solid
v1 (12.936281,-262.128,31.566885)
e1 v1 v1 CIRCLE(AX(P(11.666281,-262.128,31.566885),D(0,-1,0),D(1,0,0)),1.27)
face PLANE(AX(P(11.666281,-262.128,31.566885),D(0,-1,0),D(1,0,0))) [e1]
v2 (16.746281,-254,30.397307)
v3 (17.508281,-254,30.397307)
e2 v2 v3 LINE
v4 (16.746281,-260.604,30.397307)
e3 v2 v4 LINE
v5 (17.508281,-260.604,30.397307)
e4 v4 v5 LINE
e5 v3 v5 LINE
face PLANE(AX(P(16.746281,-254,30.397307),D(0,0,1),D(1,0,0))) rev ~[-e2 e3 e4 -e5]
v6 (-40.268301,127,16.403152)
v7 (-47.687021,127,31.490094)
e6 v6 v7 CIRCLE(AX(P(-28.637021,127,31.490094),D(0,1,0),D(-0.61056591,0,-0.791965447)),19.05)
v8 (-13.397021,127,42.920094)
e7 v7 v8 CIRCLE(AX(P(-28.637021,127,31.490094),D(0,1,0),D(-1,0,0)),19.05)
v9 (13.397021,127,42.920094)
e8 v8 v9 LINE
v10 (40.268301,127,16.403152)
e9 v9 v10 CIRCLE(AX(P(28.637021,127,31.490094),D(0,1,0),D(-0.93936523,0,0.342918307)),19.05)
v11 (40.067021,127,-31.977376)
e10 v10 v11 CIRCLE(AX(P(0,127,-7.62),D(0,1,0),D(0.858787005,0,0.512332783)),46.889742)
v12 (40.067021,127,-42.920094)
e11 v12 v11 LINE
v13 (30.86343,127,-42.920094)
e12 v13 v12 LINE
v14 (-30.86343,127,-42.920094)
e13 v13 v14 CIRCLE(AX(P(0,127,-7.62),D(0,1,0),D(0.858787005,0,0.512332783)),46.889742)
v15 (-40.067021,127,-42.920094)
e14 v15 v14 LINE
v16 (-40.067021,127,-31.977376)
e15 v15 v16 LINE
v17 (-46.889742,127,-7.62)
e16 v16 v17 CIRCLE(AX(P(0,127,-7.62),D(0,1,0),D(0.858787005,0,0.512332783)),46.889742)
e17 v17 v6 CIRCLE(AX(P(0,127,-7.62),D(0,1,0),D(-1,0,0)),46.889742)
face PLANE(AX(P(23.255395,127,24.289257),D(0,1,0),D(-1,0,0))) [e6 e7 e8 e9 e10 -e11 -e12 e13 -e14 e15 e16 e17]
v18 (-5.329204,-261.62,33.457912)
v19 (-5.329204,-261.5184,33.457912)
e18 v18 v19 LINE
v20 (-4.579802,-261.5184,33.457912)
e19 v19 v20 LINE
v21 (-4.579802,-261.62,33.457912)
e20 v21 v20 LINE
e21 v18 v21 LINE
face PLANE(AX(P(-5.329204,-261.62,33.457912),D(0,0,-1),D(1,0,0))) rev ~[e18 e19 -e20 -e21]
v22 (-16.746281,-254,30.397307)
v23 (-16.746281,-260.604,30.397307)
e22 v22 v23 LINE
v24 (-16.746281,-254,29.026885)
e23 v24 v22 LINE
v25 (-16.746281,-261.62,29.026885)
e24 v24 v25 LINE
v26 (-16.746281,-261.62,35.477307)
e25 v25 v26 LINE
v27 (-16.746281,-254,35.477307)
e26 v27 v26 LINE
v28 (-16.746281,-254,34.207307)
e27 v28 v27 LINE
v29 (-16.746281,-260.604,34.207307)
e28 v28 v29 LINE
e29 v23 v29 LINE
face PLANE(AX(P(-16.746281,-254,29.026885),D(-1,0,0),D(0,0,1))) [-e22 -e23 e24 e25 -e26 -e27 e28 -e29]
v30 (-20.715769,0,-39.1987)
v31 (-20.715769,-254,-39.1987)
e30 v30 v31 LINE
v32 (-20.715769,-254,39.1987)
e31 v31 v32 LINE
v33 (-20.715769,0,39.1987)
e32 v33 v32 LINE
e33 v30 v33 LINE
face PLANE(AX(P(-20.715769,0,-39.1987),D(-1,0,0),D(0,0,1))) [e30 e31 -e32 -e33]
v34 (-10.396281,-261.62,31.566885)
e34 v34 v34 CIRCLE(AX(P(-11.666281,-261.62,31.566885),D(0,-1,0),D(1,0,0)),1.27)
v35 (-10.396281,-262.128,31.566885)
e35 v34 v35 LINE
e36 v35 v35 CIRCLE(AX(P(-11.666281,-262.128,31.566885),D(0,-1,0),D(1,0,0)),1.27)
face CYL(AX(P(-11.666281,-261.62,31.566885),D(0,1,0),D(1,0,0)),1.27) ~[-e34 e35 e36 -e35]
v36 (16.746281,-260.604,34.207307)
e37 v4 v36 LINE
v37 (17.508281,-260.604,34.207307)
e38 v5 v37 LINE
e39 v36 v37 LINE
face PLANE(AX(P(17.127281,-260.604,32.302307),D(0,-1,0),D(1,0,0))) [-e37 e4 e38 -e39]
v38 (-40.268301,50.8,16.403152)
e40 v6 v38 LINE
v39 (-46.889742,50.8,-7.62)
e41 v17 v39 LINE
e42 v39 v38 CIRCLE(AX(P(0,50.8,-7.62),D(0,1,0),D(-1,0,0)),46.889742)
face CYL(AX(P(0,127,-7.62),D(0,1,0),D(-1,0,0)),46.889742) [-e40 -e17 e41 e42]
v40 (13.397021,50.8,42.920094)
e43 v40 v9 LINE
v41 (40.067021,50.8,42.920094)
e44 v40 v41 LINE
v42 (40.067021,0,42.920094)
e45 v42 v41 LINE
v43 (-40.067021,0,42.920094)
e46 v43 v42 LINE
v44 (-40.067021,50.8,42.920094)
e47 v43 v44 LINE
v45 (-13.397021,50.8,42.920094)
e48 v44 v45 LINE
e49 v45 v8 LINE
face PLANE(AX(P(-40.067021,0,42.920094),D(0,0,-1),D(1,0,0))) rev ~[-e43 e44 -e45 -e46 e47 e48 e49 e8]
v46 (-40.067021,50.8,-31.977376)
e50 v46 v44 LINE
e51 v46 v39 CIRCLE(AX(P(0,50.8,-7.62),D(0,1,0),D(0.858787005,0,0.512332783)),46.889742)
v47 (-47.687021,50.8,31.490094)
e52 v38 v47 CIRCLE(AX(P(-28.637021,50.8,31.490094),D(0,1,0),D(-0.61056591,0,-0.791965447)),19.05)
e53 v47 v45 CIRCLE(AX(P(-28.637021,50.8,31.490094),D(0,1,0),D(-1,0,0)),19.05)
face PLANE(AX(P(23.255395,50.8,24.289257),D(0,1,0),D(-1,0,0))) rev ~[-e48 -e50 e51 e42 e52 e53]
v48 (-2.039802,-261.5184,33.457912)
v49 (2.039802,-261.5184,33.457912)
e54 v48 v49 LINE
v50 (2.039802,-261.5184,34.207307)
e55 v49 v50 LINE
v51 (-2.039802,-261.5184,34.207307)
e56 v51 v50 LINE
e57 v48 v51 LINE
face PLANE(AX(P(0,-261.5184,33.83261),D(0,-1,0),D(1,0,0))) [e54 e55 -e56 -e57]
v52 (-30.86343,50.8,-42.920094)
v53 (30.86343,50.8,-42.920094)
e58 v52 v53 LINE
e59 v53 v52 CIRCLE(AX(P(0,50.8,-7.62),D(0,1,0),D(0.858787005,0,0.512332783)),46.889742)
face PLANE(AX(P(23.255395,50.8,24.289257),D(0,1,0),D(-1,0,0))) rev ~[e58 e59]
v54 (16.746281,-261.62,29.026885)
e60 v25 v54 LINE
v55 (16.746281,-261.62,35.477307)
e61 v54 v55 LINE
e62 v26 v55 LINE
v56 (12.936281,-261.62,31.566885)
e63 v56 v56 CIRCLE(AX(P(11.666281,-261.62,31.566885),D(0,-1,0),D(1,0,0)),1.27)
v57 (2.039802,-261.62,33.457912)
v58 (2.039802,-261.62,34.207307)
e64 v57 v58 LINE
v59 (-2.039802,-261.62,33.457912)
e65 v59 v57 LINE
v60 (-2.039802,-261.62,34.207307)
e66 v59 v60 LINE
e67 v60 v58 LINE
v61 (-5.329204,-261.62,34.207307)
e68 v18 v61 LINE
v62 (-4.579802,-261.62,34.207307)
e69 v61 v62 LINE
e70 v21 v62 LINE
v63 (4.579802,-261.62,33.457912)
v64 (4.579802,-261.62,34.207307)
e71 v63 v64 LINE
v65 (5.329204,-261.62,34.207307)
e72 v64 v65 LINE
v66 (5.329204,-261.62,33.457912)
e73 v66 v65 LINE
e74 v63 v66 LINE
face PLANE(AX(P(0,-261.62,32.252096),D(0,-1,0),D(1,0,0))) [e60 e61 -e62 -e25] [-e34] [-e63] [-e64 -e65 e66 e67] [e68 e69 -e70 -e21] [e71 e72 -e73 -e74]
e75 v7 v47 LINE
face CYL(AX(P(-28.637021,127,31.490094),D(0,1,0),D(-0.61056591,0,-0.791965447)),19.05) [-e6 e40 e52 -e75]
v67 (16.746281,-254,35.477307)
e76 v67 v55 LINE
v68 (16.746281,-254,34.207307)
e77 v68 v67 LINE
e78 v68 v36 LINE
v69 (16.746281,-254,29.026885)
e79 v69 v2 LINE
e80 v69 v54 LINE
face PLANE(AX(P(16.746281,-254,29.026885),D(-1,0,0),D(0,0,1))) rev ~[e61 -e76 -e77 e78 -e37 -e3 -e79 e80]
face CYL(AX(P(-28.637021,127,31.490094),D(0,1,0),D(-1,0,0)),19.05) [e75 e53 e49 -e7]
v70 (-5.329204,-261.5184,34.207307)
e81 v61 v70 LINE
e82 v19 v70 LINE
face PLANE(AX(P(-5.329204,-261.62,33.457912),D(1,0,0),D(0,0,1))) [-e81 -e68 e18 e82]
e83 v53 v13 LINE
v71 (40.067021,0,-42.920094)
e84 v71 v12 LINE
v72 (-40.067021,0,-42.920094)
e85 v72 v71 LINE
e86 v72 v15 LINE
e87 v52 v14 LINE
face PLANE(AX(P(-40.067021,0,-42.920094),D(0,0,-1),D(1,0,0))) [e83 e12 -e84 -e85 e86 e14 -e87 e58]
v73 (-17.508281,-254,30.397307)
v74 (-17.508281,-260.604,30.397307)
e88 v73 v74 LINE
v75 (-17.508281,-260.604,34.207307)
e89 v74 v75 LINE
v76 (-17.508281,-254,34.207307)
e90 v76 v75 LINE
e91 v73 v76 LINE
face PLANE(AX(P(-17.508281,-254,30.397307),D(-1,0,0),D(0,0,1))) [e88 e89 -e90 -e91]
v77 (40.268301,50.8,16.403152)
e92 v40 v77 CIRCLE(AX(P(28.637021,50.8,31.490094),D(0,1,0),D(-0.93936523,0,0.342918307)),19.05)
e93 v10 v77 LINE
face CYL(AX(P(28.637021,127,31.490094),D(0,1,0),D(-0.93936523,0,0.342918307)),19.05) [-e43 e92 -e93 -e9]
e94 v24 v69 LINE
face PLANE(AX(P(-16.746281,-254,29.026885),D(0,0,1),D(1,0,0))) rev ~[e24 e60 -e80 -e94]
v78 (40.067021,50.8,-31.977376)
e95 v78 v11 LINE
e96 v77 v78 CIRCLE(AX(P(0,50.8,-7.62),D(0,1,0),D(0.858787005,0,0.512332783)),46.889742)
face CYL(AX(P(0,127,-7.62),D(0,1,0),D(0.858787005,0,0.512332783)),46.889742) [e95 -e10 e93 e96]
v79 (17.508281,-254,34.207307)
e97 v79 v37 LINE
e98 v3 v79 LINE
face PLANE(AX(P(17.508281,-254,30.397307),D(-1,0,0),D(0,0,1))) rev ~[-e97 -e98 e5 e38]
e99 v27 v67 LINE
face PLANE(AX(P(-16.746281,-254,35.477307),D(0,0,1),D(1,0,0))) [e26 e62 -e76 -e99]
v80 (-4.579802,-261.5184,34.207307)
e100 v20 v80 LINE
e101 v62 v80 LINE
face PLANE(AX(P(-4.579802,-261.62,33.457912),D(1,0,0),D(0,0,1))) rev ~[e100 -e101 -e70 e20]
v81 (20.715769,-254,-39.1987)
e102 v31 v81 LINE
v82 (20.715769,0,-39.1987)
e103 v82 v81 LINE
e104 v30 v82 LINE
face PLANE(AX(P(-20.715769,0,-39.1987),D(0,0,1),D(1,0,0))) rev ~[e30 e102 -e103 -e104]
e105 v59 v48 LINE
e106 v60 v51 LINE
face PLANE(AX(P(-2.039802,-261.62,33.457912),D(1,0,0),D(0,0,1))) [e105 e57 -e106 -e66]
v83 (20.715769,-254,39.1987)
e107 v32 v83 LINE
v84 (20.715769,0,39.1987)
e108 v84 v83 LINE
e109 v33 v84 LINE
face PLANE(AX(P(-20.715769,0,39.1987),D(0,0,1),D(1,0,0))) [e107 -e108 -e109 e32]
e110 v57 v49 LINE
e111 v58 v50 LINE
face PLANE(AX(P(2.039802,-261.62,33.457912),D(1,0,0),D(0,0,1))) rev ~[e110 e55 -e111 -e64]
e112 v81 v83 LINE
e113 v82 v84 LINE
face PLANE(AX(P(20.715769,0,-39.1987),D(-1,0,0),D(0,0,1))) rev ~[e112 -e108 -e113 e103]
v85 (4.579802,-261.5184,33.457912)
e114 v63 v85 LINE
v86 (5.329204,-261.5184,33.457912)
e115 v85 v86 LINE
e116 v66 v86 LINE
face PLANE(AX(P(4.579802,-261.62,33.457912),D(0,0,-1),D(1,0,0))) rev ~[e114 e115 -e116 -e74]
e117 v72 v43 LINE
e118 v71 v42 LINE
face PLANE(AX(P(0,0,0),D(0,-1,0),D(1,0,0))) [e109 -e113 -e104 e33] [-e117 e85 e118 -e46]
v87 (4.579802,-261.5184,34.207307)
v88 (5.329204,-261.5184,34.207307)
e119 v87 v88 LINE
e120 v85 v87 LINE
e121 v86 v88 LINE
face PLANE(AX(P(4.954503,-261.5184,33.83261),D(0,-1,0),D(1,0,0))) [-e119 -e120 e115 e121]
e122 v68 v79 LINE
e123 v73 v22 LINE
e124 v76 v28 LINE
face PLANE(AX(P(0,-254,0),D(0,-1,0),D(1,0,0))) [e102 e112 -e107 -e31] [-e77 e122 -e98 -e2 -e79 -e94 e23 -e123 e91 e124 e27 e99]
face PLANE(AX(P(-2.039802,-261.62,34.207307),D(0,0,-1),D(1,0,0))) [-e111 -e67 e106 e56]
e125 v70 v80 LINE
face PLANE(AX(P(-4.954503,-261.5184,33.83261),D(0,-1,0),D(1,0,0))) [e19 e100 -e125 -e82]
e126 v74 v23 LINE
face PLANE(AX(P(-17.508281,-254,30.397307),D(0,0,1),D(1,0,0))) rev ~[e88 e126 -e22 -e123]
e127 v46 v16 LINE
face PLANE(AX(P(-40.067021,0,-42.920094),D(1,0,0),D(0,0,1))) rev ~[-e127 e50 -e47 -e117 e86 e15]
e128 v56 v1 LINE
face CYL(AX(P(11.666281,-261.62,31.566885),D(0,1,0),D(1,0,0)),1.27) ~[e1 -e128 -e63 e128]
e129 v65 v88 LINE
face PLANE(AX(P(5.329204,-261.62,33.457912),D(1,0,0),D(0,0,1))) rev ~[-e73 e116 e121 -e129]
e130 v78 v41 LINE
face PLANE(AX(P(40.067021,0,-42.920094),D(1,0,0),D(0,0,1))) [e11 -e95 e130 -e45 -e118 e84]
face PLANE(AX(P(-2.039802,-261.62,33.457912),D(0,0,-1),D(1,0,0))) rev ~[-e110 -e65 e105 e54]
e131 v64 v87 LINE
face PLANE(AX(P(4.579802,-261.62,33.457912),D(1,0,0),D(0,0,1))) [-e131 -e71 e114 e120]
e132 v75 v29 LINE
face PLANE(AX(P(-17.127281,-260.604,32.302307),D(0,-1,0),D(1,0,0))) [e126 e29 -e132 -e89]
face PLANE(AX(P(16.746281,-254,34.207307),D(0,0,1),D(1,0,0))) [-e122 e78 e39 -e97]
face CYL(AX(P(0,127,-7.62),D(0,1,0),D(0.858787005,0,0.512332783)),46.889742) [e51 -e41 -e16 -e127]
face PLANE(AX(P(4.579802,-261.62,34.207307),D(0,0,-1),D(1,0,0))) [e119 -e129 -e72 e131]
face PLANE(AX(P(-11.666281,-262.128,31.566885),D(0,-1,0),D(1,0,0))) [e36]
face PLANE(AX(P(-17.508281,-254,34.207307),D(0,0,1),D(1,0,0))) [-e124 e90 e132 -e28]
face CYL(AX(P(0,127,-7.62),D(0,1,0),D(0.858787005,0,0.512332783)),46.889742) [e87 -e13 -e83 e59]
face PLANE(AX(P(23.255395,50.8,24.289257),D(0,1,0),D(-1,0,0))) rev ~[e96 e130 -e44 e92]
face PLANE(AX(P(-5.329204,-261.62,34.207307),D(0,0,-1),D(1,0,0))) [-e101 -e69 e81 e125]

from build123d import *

# Parameters (mm, degrees)
F0_W      = 41.4315387607
F0_H      = 78.3974006772
F1_DEPTH  = 254
F2_W      = 80.1340416074
F2_H      = 85.8401879668
F3_DEPTH  = 127
F4_W      = 33.4925614297
F4_H      = 6.4504221082
F5_DEPTH  = 7.62
F6_W      = 4.0796049871
F6_H      = 0.7493942976
F6_W_2    = 0.7494016
F7_DEPTH  = 0.1016
F8_R      = 1.27
F9_DEPTH  = 0.508
F10_W     = 0.762
F10_H     = 3.81
F11_DEPTH = 6.604
F13_DEPTH = 76.2


with BuildPart() as f1:
    # F0 (on Front) → F1 (new body)
    with BuildSketch(Plane.XZ):
        Rectangle(F0_W, F0_H)
    extrude(amount=F1_DEPTH)

    # F2 (on Front) → F3 (join)
    with BuildSketch(Plane.XZ):
        Rectangle(F2_W, F2_H)
    extrude(amount=-F3_DEPTH)

    # F4 (on face) → F5 (join)
    with BuildSketch(Plane.XZ.offset(254)):
        with Locations((0, 32.2520956397)):
            Rectangle(F4_W, F4_H)
    extrude(amount=F5_DEPTH)

    # F6 (on face) → F7 (cut)
    with BuildSketch(Plane.XZ.offset(261.62)):
        with Locations((0, 33.832609545)):
            Rectangle(F6_W, F6_H)
        with Locations((4.9545032935, 33.832609545)):
            Rectangle(F6_W_2, F6_H)
        with Locations((-4.9545032935, 33.832609545)):
            Rectangle(F6_W_2, F6_H)
    extrude(amount=-F7_DEPTH, mode=Mode.SUBTRACT)

    # F8 (on face) → F9 (join)
    with BuildSketch(Plane.XZ.offset(261.62)):
        with Locations((-11.6662807149, 31.5668845856)):
            Circle(F8_R)
        with Locations((11.6662807149, 31.5668845856)):
            Circle(F8_R)
    extrude(amount=F9_DEPTH)

    # F10 (on face) → F11 (join)
    with BuildSketch(Plane.XZ.offset(254)):
        with Locations((-17.1272807149, 32.3023066938)):
            Rectangle(F10_W, F10_H)
        with Locations((17.1272807149, 32.3023066938)):
            Rectangle(F10_W, F10_H)
    extrude(amount=F11_DEPTH)

    # F12 (on face) → F13 (join)
    with BuildSketch(Plane(origin=(0, 127, 0), x_dir=(-1, 0, 0), z_dir=(0, 1, 0))):
        with BuildLine():
            ThreePointArc((-40.2683013835, 16.40315221), (-20.2308740956, 14.3950889374), (-9.5870208037, 31.4900939834))
            ThreePointArc((-9.5870208037, 31.4900939834), (-9.8780164285, 34.807058688), (-10.7421131765, 38.0226877267))
            ThreePointArc((-10.7421131765, 38.0226877267), (-27.7013840338, 30.2122780312), (-40.2683013835, 16.40315221))
        make_face()
        with BuildLine():
            ThreePointArc((-10.7421131765, 38.0226877267), (-9.8780164285, 34.807058688), (-9.5870208037, 31.4900939834))
            ThreePointArc((-9.5870208037, 31.4900939834), (-20.2308740956, 14.3950889374), (-40.2683013835, 16.40315221))
            ThreePointArc((-40.2683013835, 16.40315221), (-12.4594875766, -52.8240828659), (46.8897423582, -7.62))
            ThreePointArc((46.8897423582, -7.62), (45.2040828659, 4.8394875766), (40.2683013835, 16.40315221))
            ThreePointArc((40.2683013835, 16.40315221), (17.3827178516, 16.1198901766), (10.7421131765, 38.0226877267))
            ThreePointArc((10.7421131765, 38.0226877267), (0, 39.2697423582), (-10.7421131765, 38.0226877267))
        make_face()
        with BuildLine():
            ThreePointArc((-40.2683013835, 16.40315221), (-27.7013840338, 30.2122780312), (-10.7421131765, 38.0226877267))
            ThreePointArc((-10.7421131765, 38.0226877267), (-39.8913237558, 46.8602977902), (-40.2683013835, 16.40315221))
        make_face()
        with BuildLine():
            ThreePointArc((40.2683013835, 16.40315221), (27.7013840338, 30.2122780312), (10.7421131765, 38.0226877267))
            ThreePointArc((10.7421131765, 38.0226877267), (17.3827178516, 16.1198901766), (40.2683013835, 16.40315221))
        make_face()
        with BuildLine():
            ThreePointArc((47.6870208037, 31.4900939834), (31.9539855082, 50.2490983586), (10.7421131765, 38.0226877267))
            ThreePointArc((10.7421131765, 38.0226877267), (27.7013840338, 30.2122780312), (40.2683013835, 16.40315221))
            ThreePointArc((40.2683013835, 16.40315221), (45.7320258497, 23.0839472754), (47.6870208037, 31.4900939834))
        make_face()
    extrude(amount=-F13_DEPTH)


solid = f1.part
